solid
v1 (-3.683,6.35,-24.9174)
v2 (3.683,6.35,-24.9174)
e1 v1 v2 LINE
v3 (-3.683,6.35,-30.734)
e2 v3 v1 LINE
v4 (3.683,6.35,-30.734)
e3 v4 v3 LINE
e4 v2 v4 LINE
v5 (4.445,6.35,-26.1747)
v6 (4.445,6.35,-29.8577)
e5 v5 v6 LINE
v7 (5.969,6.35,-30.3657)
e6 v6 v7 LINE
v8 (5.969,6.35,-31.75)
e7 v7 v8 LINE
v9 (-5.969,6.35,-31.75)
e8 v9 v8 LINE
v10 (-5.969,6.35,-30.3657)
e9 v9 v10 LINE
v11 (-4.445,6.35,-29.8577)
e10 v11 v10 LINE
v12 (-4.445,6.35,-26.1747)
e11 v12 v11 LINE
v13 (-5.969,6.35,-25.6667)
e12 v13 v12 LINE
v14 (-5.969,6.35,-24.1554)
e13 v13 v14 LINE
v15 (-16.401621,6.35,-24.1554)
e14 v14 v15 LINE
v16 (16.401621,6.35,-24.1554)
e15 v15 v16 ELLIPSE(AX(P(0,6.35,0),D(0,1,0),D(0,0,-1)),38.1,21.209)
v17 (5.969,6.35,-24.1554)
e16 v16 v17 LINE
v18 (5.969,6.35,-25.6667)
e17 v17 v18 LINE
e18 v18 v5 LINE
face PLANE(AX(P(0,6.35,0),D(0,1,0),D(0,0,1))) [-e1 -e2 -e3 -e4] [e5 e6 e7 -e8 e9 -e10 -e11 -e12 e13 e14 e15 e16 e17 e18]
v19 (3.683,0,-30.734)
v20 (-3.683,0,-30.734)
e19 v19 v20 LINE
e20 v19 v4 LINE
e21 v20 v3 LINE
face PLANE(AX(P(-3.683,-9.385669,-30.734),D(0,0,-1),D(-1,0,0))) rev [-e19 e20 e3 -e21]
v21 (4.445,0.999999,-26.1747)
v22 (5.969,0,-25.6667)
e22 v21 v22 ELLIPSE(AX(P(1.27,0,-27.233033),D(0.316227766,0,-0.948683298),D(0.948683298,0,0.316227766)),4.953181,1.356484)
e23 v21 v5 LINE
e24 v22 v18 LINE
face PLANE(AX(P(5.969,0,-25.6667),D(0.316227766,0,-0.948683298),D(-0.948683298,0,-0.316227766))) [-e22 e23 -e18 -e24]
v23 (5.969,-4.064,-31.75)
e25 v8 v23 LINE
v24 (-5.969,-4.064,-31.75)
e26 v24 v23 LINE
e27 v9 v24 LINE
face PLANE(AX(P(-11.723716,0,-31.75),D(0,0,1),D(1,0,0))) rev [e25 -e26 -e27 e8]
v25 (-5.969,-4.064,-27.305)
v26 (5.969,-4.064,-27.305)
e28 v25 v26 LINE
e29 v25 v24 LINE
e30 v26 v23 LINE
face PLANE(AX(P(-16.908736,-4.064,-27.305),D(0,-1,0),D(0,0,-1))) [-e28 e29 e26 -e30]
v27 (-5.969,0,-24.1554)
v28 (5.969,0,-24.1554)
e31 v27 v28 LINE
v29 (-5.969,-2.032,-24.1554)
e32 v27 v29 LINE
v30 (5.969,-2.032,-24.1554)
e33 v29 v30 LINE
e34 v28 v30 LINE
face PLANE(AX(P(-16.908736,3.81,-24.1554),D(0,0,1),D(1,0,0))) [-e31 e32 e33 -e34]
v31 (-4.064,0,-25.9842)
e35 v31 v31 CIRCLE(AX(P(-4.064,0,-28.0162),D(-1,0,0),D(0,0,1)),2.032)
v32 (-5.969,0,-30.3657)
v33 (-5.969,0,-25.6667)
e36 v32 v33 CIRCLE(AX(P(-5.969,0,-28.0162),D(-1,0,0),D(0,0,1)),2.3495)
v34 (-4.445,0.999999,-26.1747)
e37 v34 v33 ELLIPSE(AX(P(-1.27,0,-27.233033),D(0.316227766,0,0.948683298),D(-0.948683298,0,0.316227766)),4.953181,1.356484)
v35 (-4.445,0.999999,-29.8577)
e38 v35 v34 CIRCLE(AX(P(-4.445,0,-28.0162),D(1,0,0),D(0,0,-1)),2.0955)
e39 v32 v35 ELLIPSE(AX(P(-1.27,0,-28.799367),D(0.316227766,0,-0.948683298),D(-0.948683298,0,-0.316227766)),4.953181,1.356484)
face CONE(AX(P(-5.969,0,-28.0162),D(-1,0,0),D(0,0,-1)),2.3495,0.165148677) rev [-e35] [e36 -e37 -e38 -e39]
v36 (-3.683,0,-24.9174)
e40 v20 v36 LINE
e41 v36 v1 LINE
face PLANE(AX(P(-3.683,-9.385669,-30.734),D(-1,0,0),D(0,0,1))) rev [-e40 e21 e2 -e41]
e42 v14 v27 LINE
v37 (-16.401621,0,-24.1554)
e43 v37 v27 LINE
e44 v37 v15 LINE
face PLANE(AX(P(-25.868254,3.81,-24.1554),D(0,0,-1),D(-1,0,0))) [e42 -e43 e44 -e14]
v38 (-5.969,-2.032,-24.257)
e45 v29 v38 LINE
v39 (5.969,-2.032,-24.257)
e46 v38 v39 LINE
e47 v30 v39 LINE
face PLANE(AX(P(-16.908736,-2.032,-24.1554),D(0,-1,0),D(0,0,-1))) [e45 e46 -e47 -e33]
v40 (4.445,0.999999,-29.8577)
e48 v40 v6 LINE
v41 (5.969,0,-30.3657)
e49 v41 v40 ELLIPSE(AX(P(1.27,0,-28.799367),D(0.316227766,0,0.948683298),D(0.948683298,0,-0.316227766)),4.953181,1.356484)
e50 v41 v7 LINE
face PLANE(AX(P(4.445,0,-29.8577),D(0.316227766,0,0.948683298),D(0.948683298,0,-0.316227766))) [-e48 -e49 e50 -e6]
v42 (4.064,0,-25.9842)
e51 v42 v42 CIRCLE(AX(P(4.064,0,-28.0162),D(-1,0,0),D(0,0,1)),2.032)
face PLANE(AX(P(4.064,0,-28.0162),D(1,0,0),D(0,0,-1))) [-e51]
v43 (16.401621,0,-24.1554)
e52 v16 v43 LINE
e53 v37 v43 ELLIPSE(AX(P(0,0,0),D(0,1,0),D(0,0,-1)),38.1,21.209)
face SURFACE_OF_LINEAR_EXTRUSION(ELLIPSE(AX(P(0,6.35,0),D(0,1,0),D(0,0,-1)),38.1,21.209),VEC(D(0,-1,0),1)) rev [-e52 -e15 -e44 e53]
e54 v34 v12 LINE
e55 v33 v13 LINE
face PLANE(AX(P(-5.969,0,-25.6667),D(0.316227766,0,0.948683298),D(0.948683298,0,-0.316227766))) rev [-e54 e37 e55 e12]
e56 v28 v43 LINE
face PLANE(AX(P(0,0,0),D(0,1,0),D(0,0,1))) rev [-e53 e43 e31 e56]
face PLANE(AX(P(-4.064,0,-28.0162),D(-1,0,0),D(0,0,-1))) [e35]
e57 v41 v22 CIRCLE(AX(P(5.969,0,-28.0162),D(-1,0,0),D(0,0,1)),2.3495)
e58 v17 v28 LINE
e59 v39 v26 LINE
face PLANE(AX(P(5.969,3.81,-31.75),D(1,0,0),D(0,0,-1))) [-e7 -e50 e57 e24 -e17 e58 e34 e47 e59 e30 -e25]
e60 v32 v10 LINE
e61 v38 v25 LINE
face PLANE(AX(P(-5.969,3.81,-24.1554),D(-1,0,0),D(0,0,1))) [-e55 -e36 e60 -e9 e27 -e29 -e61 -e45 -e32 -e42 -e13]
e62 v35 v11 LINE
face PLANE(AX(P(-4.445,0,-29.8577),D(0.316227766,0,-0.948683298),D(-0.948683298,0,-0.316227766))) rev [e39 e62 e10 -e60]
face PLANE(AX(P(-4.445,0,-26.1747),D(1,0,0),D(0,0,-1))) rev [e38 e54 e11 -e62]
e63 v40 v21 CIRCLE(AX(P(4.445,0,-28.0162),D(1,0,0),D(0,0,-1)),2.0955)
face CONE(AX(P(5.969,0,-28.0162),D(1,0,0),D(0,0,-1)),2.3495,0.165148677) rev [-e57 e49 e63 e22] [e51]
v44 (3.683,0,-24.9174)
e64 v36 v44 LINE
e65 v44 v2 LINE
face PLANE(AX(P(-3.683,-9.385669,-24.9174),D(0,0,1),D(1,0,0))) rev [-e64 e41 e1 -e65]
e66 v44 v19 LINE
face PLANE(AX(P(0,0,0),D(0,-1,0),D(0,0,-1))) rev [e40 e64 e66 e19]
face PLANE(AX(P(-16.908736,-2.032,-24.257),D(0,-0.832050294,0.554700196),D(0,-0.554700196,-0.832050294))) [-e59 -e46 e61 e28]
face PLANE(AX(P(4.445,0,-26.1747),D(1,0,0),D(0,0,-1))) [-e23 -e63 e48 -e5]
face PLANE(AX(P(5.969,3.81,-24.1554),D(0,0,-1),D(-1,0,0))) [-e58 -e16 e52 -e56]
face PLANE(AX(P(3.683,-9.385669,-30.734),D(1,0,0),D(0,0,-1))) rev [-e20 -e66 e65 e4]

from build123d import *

# Parameters (mm, degrees)
SKETCH1_RX          = 38.1
SKETCH1_RY          = 21.209
BOSS_EXTRUDE1_DEPTH = 6.35
CUT_EXTRUDE6_DEPTH  = 45.065339906
CUT_EXTRUDE8_DEPTH  = 3.81
BOSS_EXTRUDE2_DEPTH = 11.938
CUT_EXTRUDE11_DEPTH = 45.310625914
CUT_EXTRUDE10_DEPTH = 6.35
CUT_EXTRUDE14_START = -6.35
SKETCH16_W          = 7.366
SKETCH16_H          = 5.8166
CUT_EXTRUDE14_DEPTH = 6.35


with BuildPart() as part:
    # Sketch1 → Boss-Extrude1 (new body)
    with BuildSketch(Plane(origin=(0, 0, 0), x_dir=(1, 0, 0), z_dir=(0, 1, 0))):
        with Locations(Location((0, 0), (0, 0, 90))):
            Ellipse(SKETCH1_RX, SKETCH1_RY)
    extrude(amount=BOSS_EXTRUDE1_DEPTH)

    # Sketch7 → Cut-Extrude6 (cut, through all)
    with BuildSketch(Plane(origin=(0, 6.35, 0), x_dir=(1, 0, 0), z_dir=(0, 1, 0))):
        with BuildLine():
            Line((-11.723715863, 31.75), (11.723715863, 31.75))
            add(Edge.make_bspline(
                [(11.723715863, 31.75), (0, 45.72), (-11.723715863, 31.75)],
                knots=[5.697499764, 5.697499764, 5.697499764, 6.868870851, 6.868870851, 6.868870851], degree=2, weights=[1, 0.833333333, 1]))
        make_face()
    extrude(amount=-CUT_EXTRUDE6_DEPTH, mode=Mode.SUBTRACT)

    # Sketch8 → Cut-Extrude8 (cut)
    with BuildSketch(Plane.XZ):
        Polygon((5.969, -31.75), (5.969, -24.1554), (25.250257638, -24.1554), (25.250257638, -46.762779547), (-25.868253854, -46.762779547), (-25.868253854, -24.1554), (-5.969, -24.1554), (-5.969, -31.75), align=None)
    extrude(amount=-CUT_EXTRUDE8_DEPTH, mode=Mode.SUBTRACT)

    # Sketch9 → Boss-Extrude2 (add)
    with BuildSketch(Plane(origin=(5.969, 0, 0), x_dir=(0, 0, -1), z_dir=(1, 0, 0))):
        Polygon((24.1554, 3.81), (24.1554, -2.032), (24.257, -2.032), (27.305, -4.064), (31.75, -4.064), (31.75, 3.81), align=None)
    extrude(amount=-BOSS_EXTRUDE2_DEPTH)

    # Sketch10 → Cut-Revolve1 (revolve, cut)
    with BuildSketch(Plane(origin=(5.969, 0, 0), x_dir=(0, 0, -1), z_dir=(1, 0, 0))):
        with BuildLine():
            Line((28.0162, -0.635), (28.0162, 0.635))
            ThreePointArc((28.0162, 0.635), (28.6512, 0), (28.0162, -0.635))
        make_face()
    cut_revolve1 = revolve(axis=Axis((5.969, -0.635, -28.0162), (0, 1, 0)), mode=Mode.SUBTRACT)

    # Sketch14 → Cut-Revolve2 (revolve, cut)
    with BuildSketch(Plane(origin=(0, 0, 0), x_dir=(-1, 0, 0), z_dir=(0, -1, 0))):
        Polygon((-5.969, 25.6667), (-4.064, 25.9842), (-4.064, 28.0162), (-5.969, 28.0162), align=None)
    cut_revolve2 = revolve(axis=Axis((-0.604514271, 0, -28.0162), (1, 0, 0)), mode=Mode.SUBTRACT)

    # Sketch13 → Cut-Extrude11 (cut, through all)
    with BuildSketch(Plane.XZ.offset(-3.81)):
        with BuildLine():
            Line((16.401620572, -24.1554), (5.969, -24.1554))
            Line((5.969, -24.1554), (5.969, -31.75))
            Line((5.969, -31.75), (11.723715863, -31.75))
            add(Edge.make_bspline(
                [(11.723715863, -31.75), (14.380408678, -28.584280269), (16.401620572, -24.1554)],
                knots=[0.585685543, 0.585685543, 0.585685543, 0.884081597, 0.884081597, 0.884081597], degree=2, weights=[1, 0.988890605, 1]))
        make_face()
        with BuildLine():
            Line((-11.723715863, -31.75), (-5.969, -31.75))
            Line((-5.969, -31.75), (-5.969, -24.1554))
            Line((-5.969, -24.1554), (-16.401620572, -24.1554))
            add(Edge.make_bspline(
                [(-16.401620572, -24.1554), (-14.380408678, -28.584280269), (-11.723715863, -31.75)],
                knots=[5.39910371, 5.39910371, 5.39910371, 5.697499764, 5.697499764, 5.697499764], degree=2, weights=[1, 0.988890605, 1]))
        make_face()
    extrude(amount=-CUT_EXTRUDE11_DEPTH, mode=Mode.SUBTRACT)

    # Sketch12 → Cut-Extrude10 (cut)
    with BuildSketch(Plane(origin=(0, 6.35, -25.4), x_dir=(-1, 0, 0), z_dir=(0, -1, 0))):
        Polygon((-5.969, 0.2667), (-4.445, 0.7747), (-4.445, 4.4577), (-5.969, 4.9657), align=None)
    cut_extrude10 = extrude(amount=CUT_EXTRUDE10_DEPTH, mode=Mode.SUBTRACT)

    # Mirror1: Cut-Revolve1, Cut-Revolve2, Cut-Extrude10 across plane
    add(cut_revolve1.mirror(Plane(origin=(0, 0, 0), x_dir=(0, 0, 1), z_dir=(1, 0, 0))), mode=Mode.SUBTRACT)
    add(cut_revolve2.mirror(Plane(origin=(0, 0, 0), x_dir=(0, 0, 1), z_dir=(1, 0, 0))), mode=Mode.SUBTRACT)
    add(cut_extrude10.mirror(Plane(origin=(0, 0, 0), x_dir=(0, 0, 1), z_dir=(1, 0, 0))), mode=Mode.SUBTRACT)

    # Sketch16 → Cut-Extrude14 (cut)
    with BuildSketch(Plane(origin=(0, 6.35, 0), x_dir=(1, 0, 0), z_dir=(0, 1, 0)).offset(CUT_EXTRUDE14_START)):
        with Locations((0, 27.8257)):
            Rectangle(SKETCH16_W, SKETCH16_H)
    extrude(amount=CUT_EXTRUDE14_DEPTH, mode=Mode.SUBTRACT)


solid = part.part
